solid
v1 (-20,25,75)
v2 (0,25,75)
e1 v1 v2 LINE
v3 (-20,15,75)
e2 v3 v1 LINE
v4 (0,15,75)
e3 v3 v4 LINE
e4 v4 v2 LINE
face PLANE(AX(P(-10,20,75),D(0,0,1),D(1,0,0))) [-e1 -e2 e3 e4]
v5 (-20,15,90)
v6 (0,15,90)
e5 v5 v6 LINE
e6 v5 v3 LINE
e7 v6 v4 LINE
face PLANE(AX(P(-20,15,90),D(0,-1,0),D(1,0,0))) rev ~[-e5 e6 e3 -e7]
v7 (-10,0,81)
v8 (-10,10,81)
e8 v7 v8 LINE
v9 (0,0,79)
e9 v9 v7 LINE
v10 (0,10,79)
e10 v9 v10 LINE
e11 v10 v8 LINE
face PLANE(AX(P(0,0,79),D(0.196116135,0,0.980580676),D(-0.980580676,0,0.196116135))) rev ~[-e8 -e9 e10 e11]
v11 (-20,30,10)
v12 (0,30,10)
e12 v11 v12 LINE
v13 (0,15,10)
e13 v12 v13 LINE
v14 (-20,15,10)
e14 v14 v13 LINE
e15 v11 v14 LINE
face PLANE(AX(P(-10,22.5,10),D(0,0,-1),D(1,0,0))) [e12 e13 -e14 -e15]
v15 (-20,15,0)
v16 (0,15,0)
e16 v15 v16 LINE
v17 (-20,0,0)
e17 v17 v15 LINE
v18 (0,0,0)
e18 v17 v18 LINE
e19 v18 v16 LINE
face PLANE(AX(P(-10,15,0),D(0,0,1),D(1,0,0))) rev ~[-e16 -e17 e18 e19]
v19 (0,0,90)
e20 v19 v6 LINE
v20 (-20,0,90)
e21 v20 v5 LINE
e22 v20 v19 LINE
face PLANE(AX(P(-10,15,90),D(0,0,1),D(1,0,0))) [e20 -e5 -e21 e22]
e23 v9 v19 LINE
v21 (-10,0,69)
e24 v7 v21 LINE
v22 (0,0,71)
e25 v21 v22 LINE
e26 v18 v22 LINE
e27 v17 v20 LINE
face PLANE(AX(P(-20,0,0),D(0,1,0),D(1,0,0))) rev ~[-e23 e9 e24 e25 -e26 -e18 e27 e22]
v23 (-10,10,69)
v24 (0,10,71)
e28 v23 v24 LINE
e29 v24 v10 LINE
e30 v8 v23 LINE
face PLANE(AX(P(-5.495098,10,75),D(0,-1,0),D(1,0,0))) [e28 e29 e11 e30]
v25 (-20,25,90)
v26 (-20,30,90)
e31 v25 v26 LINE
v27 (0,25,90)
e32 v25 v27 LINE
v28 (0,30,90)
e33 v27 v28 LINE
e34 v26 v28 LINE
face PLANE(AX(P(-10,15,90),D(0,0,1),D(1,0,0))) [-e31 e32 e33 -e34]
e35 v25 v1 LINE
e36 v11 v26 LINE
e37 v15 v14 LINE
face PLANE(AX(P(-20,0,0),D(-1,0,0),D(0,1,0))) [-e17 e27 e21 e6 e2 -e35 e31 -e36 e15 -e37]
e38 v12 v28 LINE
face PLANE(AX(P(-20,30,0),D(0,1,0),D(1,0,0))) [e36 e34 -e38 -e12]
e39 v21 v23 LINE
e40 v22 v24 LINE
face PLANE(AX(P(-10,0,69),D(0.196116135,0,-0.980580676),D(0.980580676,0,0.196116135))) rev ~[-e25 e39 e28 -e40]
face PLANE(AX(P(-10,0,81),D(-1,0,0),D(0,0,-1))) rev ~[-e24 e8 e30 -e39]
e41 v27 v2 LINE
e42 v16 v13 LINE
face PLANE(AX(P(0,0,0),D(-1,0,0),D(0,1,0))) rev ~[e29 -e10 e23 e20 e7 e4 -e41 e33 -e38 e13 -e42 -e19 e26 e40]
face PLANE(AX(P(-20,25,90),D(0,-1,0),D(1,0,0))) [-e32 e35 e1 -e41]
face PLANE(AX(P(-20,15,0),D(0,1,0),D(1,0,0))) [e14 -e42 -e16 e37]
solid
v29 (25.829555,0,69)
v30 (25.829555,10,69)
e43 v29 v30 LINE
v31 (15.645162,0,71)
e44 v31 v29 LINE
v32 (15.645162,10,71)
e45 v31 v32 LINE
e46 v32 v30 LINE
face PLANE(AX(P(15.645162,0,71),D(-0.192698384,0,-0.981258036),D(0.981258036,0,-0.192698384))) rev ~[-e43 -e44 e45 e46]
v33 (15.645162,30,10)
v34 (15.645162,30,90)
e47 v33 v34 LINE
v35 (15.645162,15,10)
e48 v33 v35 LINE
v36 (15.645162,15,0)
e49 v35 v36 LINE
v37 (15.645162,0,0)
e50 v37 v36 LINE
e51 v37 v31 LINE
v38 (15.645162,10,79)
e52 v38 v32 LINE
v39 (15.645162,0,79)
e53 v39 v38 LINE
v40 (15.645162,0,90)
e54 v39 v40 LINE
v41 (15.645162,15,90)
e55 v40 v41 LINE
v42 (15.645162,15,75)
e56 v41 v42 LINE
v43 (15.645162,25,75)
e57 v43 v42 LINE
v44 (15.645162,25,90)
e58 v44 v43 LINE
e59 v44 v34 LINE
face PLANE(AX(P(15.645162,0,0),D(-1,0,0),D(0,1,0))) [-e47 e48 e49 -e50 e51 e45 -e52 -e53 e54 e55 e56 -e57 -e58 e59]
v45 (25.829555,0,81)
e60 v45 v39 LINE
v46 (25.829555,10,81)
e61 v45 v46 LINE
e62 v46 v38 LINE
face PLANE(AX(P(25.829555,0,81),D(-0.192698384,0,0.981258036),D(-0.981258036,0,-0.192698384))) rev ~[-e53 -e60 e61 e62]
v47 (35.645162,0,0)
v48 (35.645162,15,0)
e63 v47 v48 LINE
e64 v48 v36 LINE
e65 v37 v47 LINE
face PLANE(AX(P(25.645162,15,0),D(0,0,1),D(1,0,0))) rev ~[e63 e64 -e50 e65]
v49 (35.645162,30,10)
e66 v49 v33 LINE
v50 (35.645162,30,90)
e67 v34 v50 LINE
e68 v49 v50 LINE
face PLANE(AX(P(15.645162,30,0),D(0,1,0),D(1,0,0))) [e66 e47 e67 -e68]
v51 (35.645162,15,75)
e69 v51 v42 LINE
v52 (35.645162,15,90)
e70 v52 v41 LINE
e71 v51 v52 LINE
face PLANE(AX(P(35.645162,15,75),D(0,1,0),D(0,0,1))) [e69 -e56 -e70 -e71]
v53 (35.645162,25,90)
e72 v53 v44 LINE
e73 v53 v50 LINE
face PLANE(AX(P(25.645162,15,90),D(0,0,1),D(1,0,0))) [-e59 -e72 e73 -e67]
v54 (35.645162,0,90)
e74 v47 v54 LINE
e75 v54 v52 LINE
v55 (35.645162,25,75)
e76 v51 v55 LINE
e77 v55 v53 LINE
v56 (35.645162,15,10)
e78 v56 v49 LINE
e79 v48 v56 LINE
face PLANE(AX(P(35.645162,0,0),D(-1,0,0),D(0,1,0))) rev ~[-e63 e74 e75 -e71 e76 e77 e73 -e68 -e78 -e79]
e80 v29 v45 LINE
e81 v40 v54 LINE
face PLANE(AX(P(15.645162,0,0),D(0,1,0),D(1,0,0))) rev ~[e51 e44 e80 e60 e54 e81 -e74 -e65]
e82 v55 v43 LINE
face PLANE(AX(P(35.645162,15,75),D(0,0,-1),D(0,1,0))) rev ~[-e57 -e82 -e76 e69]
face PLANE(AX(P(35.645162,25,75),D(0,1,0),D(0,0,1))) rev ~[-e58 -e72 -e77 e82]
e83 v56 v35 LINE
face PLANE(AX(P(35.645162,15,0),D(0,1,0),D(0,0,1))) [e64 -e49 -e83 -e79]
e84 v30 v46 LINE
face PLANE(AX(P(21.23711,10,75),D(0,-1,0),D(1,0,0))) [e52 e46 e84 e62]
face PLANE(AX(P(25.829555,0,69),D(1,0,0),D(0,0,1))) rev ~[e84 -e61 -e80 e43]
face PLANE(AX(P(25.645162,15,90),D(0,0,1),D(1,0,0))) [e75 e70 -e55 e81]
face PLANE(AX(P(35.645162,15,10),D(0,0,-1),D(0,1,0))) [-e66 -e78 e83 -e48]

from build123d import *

# Parameters (mm, degrees)
F0_W      = 20
F0_H      = 30
F1_DEPTH  = 90
F2_W      = 20
F2_H      = 10
F3_DEPTH  = 15
F4_W      = 20
F4_H      = 15
F5_DEPTH  = 10
F7_DEPTH  = 10
F8_W      = 20
F8_H      = 30
F9_DEPTH  = 90
F10_W     = 10
F10_H     = 15
F10_W_2   = 15
F10_H_2   = 10
F11_DEPTH = 55.646162
F13_DEPTH = 10


with BuildPart() as f1:
    # F0 (on Top) → F1 (new body)
    with BuildSketch(Plane.XY):
        with Locations((-10, 15)):
            Rectangle(F0_W, F0_H)
    extrude(amount=F1_DEPTH)

    # F2 (on face) → F3 (cut)
    with BuildSketch(Plane.XY.offset(90)):
        with Locations((-10, 20)):
            Rectangle(F2_W, F2_H)
    extrude(amount=-F3_DEPTH, mode=Mode.SUBTRACT)

    # F4 (on face) → F5 (cut)
    with BuildSketch(Plane(origin=(0, 0, 0), x_dir=(1, 0, 0), z_dir=(0, 0, -1))):
        with Locations((-10, -22.5)):
            Rectangle(F4_W, F4_H)
    extrude(amount=-F5_DEPTH, mode=Mode.SUBTRACT)

    # F6 (on face) → F7 (cut)
    with BuildSketch(Plane.XZ):
        Polygon((0, 71), (0, 79), (-10, 81), (-10, 69), align=None)
    extrude(amount=-F7_DEPTH, mode=Mode.SUBTRACT)


with BuildPart() as f9:
    # F8 (on Top) → F9 (new body)
    with BuildSketch(Plane.XY):
        with Locations((25.645162, 15)):
            Rectangle(F8_W, F8_H)
    extrude(amount=F9_DEPTH)

    # F10 (on face) → F11 (cut, through all)
    with BuildSketch(Plane.YZ.offset(35.645162)):
        with Locations((20, 82.5)):
            Rectangle(F10_W, F10_H)
        with Locations((22.5, 5)):
            Rectangle(F10_W_2, F10_H_2)
    extrude(amount=-F11_DEPTH, mode=Mode.SUBTRACT)

    # F12 (on face) → F13 (cut)
    with BuildSketch(Plane.XZ):
        Polygon((15.645162, 79), (15.645162, 71), (25.829555, 69), (25.829555, 81), align=None)
    extrude(amount=-F13_DEPTH, mode=Mode.SUBTRACT)


solid = Compound([f1.part, f9.part])
